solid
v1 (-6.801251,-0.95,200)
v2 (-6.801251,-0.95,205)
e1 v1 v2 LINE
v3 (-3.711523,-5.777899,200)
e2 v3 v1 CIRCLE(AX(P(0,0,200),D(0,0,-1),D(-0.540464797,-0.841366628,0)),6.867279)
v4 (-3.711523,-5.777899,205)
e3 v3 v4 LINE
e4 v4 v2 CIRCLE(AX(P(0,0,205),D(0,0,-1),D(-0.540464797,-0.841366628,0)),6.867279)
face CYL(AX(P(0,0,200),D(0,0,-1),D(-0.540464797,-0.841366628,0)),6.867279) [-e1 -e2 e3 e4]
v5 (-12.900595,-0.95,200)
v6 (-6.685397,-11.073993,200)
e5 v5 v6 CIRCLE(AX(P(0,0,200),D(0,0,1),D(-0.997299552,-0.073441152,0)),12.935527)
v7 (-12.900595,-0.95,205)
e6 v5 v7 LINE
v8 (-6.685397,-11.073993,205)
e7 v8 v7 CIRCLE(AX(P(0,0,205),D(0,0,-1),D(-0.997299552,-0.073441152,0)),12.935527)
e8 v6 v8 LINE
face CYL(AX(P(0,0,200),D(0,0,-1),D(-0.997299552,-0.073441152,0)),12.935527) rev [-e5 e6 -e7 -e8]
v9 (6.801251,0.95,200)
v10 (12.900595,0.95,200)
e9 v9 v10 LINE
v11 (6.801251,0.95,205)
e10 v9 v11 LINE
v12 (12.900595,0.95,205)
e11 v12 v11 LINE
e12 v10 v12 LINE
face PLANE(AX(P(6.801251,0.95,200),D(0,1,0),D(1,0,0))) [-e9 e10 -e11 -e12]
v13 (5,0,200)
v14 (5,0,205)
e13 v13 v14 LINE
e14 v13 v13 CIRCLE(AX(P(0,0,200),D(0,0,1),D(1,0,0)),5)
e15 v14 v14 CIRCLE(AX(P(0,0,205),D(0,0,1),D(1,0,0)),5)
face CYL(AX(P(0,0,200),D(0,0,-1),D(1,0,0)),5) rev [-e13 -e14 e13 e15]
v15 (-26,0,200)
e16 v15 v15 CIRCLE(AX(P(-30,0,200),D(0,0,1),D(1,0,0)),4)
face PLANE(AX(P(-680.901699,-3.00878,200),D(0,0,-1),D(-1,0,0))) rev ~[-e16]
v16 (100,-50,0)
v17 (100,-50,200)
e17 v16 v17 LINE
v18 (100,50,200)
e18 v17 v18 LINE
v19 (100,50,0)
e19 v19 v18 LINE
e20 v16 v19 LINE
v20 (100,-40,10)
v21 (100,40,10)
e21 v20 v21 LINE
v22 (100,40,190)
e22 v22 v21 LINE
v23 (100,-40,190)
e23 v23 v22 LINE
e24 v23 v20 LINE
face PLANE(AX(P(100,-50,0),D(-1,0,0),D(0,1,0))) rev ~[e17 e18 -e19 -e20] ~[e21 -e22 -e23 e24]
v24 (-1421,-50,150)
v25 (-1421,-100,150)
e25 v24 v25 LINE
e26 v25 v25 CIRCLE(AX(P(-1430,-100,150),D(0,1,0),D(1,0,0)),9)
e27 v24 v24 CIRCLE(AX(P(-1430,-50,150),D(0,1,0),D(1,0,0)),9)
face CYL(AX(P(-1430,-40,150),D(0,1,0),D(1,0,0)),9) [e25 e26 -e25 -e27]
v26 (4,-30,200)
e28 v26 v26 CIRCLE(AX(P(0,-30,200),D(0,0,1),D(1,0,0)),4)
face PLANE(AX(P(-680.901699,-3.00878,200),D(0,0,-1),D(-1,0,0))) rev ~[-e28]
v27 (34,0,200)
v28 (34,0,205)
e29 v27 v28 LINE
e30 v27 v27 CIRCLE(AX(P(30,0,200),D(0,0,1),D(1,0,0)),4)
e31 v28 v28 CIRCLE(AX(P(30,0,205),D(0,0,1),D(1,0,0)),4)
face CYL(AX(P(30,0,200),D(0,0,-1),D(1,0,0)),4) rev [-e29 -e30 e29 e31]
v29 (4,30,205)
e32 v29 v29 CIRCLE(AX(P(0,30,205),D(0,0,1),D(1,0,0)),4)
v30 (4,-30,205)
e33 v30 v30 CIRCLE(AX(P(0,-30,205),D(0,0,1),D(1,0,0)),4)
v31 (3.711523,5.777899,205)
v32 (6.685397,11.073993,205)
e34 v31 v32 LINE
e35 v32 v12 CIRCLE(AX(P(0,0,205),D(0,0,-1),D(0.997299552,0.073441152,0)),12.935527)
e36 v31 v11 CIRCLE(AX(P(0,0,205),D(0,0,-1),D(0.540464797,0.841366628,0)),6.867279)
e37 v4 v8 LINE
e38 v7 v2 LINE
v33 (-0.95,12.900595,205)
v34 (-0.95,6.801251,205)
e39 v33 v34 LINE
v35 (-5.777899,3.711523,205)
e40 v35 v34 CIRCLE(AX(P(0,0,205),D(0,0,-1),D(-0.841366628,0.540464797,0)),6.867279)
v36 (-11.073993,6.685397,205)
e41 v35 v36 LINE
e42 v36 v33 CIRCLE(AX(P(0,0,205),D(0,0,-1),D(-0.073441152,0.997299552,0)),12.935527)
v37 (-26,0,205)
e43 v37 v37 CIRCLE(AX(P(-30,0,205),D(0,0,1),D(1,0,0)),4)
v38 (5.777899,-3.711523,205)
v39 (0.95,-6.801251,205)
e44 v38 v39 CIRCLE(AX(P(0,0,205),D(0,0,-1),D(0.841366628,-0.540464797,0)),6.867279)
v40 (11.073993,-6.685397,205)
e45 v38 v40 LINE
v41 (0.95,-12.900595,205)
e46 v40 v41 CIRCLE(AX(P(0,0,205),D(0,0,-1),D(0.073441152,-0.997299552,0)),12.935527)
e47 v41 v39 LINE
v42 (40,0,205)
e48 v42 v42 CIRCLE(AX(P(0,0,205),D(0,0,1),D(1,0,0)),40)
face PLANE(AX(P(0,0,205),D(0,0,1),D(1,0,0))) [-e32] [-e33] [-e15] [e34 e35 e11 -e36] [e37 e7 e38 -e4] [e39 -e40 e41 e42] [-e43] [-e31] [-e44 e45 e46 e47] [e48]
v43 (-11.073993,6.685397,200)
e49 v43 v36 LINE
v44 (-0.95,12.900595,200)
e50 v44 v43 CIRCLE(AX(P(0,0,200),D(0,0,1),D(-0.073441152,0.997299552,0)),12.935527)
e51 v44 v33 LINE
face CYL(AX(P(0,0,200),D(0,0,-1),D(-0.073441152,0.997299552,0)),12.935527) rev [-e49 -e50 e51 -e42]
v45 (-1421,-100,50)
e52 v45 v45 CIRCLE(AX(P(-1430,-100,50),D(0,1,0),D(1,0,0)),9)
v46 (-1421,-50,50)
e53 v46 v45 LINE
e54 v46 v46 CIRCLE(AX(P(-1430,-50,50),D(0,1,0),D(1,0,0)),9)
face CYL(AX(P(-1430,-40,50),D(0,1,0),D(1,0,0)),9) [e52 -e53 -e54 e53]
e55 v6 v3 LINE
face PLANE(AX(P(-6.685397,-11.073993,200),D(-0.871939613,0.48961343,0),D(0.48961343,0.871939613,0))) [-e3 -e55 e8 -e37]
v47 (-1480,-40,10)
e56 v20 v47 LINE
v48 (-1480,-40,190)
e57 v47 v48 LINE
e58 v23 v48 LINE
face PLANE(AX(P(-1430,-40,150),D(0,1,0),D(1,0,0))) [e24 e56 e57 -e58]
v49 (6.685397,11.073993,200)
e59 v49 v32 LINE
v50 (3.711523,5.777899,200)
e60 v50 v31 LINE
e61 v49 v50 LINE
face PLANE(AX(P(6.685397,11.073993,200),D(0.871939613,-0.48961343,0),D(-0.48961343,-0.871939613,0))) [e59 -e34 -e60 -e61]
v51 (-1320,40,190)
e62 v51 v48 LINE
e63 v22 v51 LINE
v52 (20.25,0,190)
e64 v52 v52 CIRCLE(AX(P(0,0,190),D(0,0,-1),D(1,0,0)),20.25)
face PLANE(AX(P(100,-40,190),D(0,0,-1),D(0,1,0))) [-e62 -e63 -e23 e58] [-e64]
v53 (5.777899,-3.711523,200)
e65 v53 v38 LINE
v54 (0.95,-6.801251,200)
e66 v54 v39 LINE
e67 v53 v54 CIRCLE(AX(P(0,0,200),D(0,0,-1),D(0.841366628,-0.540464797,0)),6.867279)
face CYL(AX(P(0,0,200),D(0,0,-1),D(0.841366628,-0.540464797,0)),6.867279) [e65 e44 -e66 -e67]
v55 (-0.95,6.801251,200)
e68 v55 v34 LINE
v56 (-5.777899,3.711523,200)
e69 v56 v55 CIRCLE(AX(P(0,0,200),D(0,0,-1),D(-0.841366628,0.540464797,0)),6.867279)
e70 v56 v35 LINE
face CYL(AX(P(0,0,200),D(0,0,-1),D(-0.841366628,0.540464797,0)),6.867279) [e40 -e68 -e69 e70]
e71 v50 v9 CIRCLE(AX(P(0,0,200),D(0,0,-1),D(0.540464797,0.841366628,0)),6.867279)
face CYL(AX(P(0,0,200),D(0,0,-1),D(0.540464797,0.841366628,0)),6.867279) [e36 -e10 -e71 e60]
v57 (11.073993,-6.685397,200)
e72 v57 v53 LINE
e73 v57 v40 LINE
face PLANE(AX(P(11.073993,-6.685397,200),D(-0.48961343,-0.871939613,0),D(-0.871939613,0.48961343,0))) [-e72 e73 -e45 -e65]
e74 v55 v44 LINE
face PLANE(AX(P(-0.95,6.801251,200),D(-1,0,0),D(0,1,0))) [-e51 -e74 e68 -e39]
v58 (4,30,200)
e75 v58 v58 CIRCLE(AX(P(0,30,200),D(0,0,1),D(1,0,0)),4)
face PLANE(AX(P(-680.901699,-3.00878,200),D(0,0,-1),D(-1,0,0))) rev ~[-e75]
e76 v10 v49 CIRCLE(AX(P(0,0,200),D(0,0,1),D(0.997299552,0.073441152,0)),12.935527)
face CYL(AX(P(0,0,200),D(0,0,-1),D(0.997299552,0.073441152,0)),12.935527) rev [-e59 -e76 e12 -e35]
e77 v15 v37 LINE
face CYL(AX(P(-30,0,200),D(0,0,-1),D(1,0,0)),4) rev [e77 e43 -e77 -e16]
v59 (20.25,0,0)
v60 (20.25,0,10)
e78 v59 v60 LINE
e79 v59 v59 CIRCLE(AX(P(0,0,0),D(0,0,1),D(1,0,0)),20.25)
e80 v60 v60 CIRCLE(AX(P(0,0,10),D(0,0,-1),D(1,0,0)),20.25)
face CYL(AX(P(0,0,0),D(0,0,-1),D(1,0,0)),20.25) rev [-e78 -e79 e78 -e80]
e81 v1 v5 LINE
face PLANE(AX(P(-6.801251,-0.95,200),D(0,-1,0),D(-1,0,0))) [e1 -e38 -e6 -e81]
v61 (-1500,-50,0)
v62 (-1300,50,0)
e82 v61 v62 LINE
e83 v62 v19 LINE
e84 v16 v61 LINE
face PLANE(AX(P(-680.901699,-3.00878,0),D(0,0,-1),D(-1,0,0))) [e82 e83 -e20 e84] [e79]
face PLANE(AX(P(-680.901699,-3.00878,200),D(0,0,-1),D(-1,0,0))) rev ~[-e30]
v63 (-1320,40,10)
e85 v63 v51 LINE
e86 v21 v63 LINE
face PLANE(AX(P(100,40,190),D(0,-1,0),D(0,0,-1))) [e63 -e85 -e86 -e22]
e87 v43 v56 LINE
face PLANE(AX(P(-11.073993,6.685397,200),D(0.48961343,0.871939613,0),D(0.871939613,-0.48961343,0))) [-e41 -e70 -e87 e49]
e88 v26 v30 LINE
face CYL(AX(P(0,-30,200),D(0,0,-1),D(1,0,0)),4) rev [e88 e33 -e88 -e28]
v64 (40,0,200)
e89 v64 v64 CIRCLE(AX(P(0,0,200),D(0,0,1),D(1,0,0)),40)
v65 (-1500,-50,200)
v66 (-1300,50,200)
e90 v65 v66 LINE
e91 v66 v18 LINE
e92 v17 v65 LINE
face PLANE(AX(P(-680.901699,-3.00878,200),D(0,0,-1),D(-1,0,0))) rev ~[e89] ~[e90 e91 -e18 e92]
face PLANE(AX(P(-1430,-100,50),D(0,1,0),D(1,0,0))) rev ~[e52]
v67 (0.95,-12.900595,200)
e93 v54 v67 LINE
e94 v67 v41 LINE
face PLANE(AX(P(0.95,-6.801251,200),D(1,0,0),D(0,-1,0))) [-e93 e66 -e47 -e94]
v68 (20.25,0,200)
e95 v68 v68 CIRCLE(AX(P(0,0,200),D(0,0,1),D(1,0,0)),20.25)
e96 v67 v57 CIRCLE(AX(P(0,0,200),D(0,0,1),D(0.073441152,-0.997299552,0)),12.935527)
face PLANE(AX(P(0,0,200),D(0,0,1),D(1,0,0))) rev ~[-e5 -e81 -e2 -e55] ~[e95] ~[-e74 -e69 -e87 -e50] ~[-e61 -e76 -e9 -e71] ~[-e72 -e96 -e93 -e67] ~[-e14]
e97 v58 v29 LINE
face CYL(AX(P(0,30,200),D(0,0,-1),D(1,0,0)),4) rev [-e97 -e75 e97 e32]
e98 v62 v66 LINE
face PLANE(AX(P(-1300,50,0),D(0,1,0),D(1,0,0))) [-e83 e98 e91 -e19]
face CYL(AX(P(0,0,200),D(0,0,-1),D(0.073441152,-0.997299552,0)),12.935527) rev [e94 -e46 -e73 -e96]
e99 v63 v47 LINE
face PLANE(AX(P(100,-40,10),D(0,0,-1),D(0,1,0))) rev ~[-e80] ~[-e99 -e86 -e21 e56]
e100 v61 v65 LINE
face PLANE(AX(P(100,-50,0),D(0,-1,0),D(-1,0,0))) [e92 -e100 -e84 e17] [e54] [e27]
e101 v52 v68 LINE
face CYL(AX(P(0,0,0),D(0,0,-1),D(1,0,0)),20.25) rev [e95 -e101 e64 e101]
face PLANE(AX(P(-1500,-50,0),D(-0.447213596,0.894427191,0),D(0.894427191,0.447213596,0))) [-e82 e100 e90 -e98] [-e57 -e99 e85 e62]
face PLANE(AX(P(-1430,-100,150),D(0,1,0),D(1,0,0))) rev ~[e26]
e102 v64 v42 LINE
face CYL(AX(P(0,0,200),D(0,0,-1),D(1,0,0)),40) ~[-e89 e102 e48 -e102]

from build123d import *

# Parameters (mm, degrees)
SKETCH2_R               = 20.25
BOSS_EXTRUDE1_DEPTH     = 200
SKETCH3_R               = 40
SKETCH3_R_2             = 5
SKETCH3_R_3             = 4
BOSS_EXTRUDE2_DEPTH     = 5
CUT_EXTRUDE5_DEPTH      = 6
CUT_EXTRUDE5_DEPTH_BACK = 201
SKETCH5_W               = 180
SKETCH5_H               = 80
CUT_EXTRUDE6_DEPTH      = 1601
SKETCH6_R               = 9
BOSS_EXTRUDE3_DEPTH     = 60


with BuildPart() as part:
    # Sketch2 → Boss-Extrude1 (new body)
    with BuildSketch(Plane.XY):
        Polygon((100, 0), (100, -50), (-1500, -50), (-1300, 50), (100, 50), align=None)
        Circle(SKETCH2_R, mode=Mode.SUBTRACT)
    extrude(amount=BOSS_EXTRUDE1_DEPTH)

    # Sketch3 → Boss-Extrude2 (add)
    with BuildSketch(Plane.XY.offset(200)):
        Circle(SKETCH3_R)
        Circle(SKETCH3_R_2, mode=Mode.SUBTRACT)
        with Locations((-30, 0)):
            Circle(SKETCH3_R_3, mode=Mode.SUBTRACT)
        with Locations((0, 30)):
            Circle(SKETCH3_R_3, mode=Mode.SUBTRACT)
        with Locations((30, 0)):
            Circle(SKETCH3_R_3, mode=Mode.SUBTRACT)
        with Locations((0, -30)):
            Circle(SKETCH3_R_3, mode=Mode.SUBTRACT)
    extrude(amount=BOSS_EXTRUDE2_DEPTH)

    # Sketch4 → Cut-Extrude5 (cut, two sides)
    with BuildSketch(Plane.XY.offset(200)) as cut_extrude5_sk:
        with BuildLine():
            Line((-0.95, 6.801251402), (-0.95, 12.900595285))
            ThreePointArc((-0.95, 12.900595285), (-6.767664084, 11.023909541), (-11.07399335, 6.685396773))
            Line((-11.07399335, 6.685396773), (-5.777899362, 3.711522544))
            ThreePointArc((-5.777899362, 3.711522544), (-3.701724404, 5.784181625), (-0.95, 6.801251402))
        make_face()
        with BuildLine():
            Line((6.801251402, 0.95), (12.900595285, 0.95))
            ThreePointArc((12.900595285, 0.95), (11.023909541, 6.767664084), (6.685396773, 11.07399335))
            Line((6.685396773, 11.07399335), (3.711522544, 5.777899362))
            ThreePointArc((3.711522544, 5.777899362), (5.784181625, 3.701724404), (6.801251402, 0.95))
        make_face()
        with BuildLine():
            Line((0.95, -6.801251402), (0.95, -12.900595285))
            ThreePointArc((0.95, -12.900595285), (6.767664084, -11.023909541), (11.07399335, -6.685396773))
            Line((11.07399335, -6.685396773), (5.777899362, -3.711522544))
            ThreePointArc((5.777899362, -3.711522544), (3.701724404, -5.784181625), (0.95, -6.801251402))
        make_face()
        with BuildLine():
            Line((-6.801251402, -0.95), (-12.900595285, -0.95))
            ThreePointArc((-12.900595285, -0.95), (-11.023909541, -6.767664084), (-6.685396773, -11.07399335))
            Line((-6.685396773, -11.07399335), (-3.711522544, -5.777899362))
            ThreePointArc((-3.711522544, -5.777899362), (-5.784181625, -3.701724404), (-6.801251402, -0.95))
        make_face()
    extrude(amount=CUT_EXTRUDE5_DEPTH, mode=Mode.SUBTRACT)
    extrude(cut_extrude5_sk.sketch, amount=-CUT_EXTRUDE5_DEPTH_BACK, mode=Mode.SUBTRACT)

    # Sketch5 → Cut-Extrude6 (cut, through all)
    with BuildSketch(Plane(origin=(100, 0, 0), x_dir=(0, 0, -1), z_dir=(1, 0, 0))):
        with Locations((-100, 0)):
            Rectangle(SKETCH5_W, SKETCH5_H)
    extrude(amount=-CUT_EXTRUDE6_DEPTH, mode=Mode.SUBTRACT)

    # Sketch6 → Boss-Extrude3 (add)
    with BuildSketch(Plane(origin=(0, -40, 0), x_dir=(1, 0, 0), z_dir=(0, 1, 0))):
        with Locations((-1430, -150)):
            Circle(SKETCH6_R)
        with Locations((-1430, -50)):
            Circle(SKETCH6_R)
    extrude(amount=-BOSS_EXTRUDE3_DEPTH)


solid = part.part
